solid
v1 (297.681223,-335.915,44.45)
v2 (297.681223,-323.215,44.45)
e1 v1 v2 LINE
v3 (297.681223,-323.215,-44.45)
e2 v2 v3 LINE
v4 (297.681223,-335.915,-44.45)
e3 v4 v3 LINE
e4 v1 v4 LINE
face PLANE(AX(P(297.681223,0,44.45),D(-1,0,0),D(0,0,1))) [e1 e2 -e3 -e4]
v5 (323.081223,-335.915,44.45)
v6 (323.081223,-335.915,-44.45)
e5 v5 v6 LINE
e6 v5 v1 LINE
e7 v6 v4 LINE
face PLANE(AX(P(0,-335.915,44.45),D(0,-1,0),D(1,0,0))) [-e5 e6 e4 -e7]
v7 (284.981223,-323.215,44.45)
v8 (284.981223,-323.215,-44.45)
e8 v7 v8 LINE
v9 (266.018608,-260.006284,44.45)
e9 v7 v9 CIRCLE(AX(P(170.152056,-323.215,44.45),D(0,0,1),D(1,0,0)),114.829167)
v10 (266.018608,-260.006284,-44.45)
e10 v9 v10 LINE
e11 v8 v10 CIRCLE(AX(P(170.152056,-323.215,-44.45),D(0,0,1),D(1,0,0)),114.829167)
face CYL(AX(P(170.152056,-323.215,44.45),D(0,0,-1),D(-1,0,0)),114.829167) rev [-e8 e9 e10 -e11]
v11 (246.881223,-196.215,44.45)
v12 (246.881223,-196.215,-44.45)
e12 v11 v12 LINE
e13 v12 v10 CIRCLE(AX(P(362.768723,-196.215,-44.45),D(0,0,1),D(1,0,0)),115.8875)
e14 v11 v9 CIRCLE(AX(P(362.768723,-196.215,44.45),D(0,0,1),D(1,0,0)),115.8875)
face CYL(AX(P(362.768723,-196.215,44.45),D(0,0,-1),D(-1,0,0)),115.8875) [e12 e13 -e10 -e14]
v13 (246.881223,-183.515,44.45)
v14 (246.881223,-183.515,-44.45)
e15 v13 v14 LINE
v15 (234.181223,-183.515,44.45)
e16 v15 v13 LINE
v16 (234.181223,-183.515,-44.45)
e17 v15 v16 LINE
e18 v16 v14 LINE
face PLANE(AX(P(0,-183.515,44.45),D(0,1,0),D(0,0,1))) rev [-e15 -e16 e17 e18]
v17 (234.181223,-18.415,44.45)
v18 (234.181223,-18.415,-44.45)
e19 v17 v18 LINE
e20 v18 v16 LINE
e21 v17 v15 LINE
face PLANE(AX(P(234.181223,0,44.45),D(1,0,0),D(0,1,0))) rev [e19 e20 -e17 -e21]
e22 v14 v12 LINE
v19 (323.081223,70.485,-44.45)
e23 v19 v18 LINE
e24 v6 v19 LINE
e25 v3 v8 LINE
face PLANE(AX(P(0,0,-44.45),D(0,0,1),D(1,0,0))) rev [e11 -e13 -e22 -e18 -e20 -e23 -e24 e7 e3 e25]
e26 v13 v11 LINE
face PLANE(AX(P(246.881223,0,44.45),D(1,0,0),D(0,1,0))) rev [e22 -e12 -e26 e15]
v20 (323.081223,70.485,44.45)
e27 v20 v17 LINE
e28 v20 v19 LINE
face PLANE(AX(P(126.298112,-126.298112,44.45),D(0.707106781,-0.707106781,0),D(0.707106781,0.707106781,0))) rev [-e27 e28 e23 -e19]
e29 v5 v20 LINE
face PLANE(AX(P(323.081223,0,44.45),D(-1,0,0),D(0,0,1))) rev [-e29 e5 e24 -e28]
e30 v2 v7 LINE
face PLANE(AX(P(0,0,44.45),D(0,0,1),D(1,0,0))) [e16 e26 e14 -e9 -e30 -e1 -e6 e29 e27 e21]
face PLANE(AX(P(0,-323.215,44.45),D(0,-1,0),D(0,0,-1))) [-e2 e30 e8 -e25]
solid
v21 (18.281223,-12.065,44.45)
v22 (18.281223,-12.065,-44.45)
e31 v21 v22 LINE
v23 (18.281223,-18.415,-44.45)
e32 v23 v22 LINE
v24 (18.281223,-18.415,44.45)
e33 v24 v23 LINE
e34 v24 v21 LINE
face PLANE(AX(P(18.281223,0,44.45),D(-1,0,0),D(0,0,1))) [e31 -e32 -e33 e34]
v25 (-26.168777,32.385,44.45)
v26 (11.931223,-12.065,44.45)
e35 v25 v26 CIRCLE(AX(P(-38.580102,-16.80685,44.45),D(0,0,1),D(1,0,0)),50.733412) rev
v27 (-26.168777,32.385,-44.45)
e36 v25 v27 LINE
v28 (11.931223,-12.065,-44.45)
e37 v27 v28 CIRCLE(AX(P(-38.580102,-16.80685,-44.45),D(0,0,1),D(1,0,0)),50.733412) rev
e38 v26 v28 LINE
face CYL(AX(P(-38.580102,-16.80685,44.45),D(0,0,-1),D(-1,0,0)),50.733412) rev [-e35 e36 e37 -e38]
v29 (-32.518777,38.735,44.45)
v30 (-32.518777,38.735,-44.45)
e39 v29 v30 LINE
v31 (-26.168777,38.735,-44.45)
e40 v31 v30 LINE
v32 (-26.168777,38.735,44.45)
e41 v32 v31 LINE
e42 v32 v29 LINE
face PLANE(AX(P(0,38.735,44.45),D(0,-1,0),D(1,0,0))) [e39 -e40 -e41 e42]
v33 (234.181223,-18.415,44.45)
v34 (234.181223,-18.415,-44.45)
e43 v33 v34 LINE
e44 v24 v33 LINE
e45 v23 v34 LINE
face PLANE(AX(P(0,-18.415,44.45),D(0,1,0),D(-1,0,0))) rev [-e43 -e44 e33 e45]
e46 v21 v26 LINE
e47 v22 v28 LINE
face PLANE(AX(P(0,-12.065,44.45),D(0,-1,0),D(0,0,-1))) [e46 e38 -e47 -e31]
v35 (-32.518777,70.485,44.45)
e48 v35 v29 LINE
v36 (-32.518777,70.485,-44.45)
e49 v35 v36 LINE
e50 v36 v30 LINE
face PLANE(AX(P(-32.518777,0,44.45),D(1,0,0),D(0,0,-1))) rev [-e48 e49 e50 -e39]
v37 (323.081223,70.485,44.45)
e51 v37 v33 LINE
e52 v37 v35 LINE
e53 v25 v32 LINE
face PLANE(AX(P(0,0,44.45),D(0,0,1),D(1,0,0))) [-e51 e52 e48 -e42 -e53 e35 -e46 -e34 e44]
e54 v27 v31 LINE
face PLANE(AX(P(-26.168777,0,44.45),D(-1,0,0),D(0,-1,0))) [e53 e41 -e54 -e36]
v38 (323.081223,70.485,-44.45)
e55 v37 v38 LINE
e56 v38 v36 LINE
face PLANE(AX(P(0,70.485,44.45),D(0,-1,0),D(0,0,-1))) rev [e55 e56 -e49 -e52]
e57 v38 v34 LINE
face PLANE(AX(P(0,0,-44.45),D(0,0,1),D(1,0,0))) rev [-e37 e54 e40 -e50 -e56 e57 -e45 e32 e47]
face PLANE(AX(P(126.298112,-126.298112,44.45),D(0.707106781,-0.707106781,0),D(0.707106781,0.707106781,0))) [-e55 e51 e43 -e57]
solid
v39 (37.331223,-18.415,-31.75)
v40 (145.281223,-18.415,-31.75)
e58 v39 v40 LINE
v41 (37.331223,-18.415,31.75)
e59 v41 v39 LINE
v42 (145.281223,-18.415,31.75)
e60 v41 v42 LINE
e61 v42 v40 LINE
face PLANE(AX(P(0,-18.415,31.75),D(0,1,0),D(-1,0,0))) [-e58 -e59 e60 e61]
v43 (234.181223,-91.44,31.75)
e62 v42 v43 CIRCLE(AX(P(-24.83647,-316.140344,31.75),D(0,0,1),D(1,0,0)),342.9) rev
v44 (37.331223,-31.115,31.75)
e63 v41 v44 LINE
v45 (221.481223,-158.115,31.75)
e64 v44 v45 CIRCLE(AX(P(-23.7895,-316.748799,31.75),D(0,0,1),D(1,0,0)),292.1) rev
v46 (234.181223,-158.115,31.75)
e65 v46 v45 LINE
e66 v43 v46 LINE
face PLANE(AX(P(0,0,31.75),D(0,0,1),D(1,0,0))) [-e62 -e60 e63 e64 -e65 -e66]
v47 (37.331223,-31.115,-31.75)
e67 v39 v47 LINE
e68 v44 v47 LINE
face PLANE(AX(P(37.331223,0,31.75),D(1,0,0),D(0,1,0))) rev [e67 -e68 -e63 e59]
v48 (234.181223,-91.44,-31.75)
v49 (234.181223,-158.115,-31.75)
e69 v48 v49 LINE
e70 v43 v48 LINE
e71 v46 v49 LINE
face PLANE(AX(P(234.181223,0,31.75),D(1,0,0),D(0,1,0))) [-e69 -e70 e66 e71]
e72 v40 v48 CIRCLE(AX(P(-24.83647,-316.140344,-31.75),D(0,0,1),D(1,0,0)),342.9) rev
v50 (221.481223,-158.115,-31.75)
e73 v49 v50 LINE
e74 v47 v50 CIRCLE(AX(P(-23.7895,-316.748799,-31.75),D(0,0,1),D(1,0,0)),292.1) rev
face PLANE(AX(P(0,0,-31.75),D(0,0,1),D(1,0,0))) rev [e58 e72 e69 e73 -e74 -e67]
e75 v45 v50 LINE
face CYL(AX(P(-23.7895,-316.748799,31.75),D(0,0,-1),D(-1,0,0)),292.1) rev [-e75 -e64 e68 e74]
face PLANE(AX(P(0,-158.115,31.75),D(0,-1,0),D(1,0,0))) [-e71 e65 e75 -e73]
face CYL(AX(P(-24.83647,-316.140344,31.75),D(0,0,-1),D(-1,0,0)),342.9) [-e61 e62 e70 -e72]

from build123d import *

# Parameters (mm, degrees)
BOSS_EXTRUDE1_DEPTH = 44.45
BOSS_EXTRUDE2_DEPTH = 31.75
BOSS_EXTRUDE3_DEPTH = 44.45


with BuildPart() as part:
    # Sketch1 → Boss-Extrude1 (new body, symmetric)
    with BuildSketch(Plane.XY):
        with BuildLine():
            Line((-26.168776984, 32.385), (-26.168776984, 38.735))
            Line((-26.168776984, 38.735), (-32.518776984, 38.735))
            Line((-32.518776984, 38.735), (-32.518776984, 70.485))
            Line((-32.518776984, 70.485), (323.081223016, 70.485))
            Line((323.081223016, 70.485), (234.181223016, -18.415))
            Line((234.181223016, -18.415), (18.281223016, -18.415))
            Line((18.281223016, -18.415), (18.281223016, -12.065))
            Line((18.281223016, -12.065), (11.931223016, -12.065))
            ThreePointArc((11.931223016, -12.065), (-0.060423906, 16.210016924), (-26.168776984, 32.385))
        make_face()
    extrude(amount=BOSS_EXTRUDE1_DEPTH, both=True)


with BuildPart() as body_2:
    # Sketch1_3 → Boss-Extrude2 (new body, symmetric)
    with BuildSketch(Plane.XY):
        with BuildLine():
            ThreePointArc((234.181223016, -91.44), (192.815678027, -51.17251129), (145.281223016, -18.415))
            Line((145.281223016, -18.415), (37.331223016, -18.415))
            Line((37.331223016, -18.415), (37.331223016, -31.115))
            ThreePointArc((37.331223016, -31.115), (142.045295922, -76.288344286), (221.481223016, -158.115))
            Line((221.481223016, -158.115), (234.181223016, -158.115))
            Line((234.181223016, -158.115), (234.181223016, -91.44))
        make_face()
    extrude(amount=BOSS_EXTRUDE2_DEPTH, both=True)


with BuildPart() as body_3:
    # Sketch1_4 → Boss-Extrude3 (new body, symmetric)
    with BuildSketch(Plane.XY):
        with BuildLine():
            Line((323.081223016, -335.915), (323.081223016, 70.485))
            Line((323.081223016, 70.485), (234.181223016, -18.415))
            Line((234.181223016, -18.415), (234.181223016, -183.515))
            Line((234.181223016, -183.515), (246.881223016, -183.515))
            Line((246.881223016, -183.515), (246.881223016, -196.215))
            ThreePointArc((246.881223016, -196.215), (251.768629387, -229.515028089), (266.018608337, -260.006284404))
            ThreePointArc((266.018608337, -260.006284404), (280.138450492, -290.219081757), (284.981223016, -323.215))
            Line((284.981223016, -323.215), (297.681223016, -323.215))
            Line((297.681223016, -323.215), (297.681223016, -335.915))
            Line((297.681223016, -335.915), (323.081223016, -335.915))
        make_face()
    extrude(amount=BOSS_EXTRUDE3_DEPTH, both=True)


solid = Compound([part.part, body_2.part, body_3.part])
